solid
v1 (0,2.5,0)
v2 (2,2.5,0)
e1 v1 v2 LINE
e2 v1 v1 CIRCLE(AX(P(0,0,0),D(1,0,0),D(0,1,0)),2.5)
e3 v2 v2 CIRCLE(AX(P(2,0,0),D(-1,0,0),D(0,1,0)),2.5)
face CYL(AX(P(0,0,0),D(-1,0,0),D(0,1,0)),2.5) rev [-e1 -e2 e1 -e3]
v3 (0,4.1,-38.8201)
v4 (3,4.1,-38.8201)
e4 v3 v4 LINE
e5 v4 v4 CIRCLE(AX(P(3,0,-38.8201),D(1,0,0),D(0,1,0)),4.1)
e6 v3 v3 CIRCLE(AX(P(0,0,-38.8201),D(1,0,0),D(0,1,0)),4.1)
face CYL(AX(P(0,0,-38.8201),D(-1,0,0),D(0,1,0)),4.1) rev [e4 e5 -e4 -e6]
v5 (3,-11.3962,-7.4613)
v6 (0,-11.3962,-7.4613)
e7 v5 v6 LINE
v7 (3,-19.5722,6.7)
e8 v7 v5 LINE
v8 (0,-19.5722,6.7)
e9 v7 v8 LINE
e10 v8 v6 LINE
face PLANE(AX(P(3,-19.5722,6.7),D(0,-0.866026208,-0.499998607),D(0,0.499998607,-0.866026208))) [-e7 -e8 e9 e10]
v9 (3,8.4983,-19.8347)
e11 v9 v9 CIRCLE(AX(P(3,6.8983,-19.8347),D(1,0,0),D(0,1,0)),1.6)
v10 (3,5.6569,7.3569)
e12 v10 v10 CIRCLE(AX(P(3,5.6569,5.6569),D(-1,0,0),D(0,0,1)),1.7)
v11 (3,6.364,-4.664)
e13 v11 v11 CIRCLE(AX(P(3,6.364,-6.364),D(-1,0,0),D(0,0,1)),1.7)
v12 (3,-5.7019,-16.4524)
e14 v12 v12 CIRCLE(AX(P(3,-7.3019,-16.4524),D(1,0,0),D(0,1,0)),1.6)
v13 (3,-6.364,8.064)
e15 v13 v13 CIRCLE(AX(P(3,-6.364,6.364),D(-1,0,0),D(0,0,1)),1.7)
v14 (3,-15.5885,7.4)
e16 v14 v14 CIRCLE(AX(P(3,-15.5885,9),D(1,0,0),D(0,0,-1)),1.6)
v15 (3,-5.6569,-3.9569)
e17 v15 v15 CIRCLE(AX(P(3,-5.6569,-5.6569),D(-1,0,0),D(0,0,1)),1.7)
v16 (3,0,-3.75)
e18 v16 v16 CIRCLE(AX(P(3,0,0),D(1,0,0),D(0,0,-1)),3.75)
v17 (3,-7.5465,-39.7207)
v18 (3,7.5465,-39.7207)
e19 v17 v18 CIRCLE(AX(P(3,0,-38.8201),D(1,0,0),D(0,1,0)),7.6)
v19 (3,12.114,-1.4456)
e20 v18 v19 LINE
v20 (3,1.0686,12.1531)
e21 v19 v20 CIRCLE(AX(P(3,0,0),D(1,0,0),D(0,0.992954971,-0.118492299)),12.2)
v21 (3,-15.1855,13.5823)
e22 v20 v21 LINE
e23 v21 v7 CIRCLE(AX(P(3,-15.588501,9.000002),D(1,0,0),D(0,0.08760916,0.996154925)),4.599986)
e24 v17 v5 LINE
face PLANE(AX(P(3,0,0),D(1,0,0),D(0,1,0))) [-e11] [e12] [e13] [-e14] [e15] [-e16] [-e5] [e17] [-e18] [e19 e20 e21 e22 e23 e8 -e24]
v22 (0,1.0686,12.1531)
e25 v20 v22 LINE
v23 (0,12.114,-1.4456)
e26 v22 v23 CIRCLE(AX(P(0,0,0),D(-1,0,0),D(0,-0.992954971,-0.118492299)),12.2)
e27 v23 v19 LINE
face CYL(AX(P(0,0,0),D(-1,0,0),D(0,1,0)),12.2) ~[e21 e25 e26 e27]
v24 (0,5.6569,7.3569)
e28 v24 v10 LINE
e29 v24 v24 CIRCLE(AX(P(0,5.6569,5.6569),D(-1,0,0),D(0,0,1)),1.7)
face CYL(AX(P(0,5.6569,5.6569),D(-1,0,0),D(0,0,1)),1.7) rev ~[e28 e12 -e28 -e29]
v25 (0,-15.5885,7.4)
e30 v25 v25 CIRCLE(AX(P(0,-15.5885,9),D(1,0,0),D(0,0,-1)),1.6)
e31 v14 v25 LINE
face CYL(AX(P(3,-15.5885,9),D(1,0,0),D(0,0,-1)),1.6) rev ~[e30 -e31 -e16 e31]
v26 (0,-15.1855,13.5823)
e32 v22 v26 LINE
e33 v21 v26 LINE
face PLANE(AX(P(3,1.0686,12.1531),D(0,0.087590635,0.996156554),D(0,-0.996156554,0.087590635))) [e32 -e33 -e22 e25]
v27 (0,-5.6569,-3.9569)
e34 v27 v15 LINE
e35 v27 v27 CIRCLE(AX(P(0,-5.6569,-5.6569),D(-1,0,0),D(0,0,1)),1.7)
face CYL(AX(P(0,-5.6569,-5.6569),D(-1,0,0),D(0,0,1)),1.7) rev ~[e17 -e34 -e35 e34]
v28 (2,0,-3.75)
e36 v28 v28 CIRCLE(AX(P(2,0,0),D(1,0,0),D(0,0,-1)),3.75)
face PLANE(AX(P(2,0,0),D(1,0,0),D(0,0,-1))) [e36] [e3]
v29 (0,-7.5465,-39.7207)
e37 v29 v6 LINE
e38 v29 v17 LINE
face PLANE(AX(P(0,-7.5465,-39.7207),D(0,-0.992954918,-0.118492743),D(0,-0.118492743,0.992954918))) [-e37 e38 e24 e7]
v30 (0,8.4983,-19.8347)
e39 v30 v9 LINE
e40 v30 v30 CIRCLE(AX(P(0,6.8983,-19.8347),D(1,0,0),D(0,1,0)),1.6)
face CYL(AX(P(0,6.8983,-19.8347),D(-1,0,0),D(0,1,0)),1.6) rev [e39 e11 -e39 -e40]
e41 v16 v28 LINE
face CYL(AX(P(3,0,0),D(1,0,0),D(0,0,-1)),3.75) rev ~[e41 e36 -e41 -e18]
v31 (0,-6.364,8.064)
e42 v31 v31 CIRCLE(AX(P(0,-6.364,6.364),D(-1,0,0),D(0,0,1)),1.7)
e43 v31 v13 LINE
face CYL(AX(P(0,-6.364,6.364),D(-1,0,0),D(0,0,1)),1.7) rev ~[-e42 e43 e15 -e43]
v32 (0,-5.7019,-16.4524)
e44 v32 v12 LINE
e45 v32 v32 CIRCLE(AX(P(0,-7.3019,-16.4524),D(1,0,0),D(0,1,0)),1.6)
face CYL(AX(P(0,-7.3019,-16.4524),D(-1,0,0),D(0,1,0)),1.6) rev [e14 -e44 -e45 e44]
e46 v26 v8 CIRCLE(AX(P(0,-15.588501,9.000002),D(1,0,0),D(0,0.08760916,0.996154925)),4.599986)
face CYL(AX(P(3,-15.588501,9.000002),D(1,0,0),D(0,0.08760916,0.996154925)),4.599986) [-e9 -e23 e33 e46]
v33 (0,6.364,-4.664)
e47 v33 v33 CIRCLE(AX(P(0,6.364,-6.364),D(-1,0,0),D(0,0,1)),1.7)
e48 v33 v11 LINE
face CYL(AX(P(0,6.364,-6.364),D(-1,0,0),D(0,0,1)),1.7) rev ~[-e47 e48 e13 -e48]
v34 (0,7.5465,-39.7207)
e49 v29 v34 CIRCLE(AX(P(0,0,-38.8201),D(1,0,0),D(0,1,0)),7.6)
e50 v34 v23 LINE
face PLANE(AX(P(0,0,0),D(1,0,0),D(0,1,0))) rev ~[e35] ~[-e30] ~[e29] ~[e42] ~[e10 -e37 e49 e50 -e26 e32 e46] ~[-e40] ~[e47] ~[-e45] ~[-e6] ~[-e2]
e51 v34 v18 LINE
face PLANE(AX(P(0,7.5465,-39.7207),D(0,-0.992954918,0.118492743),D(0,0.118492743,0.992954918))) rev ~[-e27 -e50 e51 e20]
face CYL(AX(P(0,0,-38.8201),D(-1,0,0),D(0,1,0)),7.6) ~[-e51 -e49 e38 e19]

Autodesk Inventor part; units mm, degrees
ref_plane "YZ Plane" through (0, 0, 0) normal (1, 0, 0) x (0, 1, 0)
ref_plane "XZ Plane" through (0, 0, 0) normal (0, 1, 0) x (-1, 0, 0)
ref_plane "XY Plane" through (0, 0, 0) normal (0, 0, 1) x (1, 0, 0)
sketch "Эскиз1" plane through (0, 0, 0) normal (1, 0, 0) x (0, 1, 0)
  circle A0 centre (35.2311, -22.6062) radius 9.3
  circle A1 centre (0, -38.8201) radius 6.1 construction
  circle A2 centre (0, 0) radius 4.85 construction
  circle A3 centre (35.8147, -49.5529) radius 3.55
  line L0 (6.0968, -38.6237) -> (4.8475, 0.1562) construction
  line L1 (-4.8475, 0.1562) -> (-6.0968, -38.6237) construction
  line L2 (0, 0) -> (0, -38.8201) construction
  circle A4 centre (0, -38.8201) radius 4.1
  circle A5 centre (0, 0) radius 2.5
  circle A6 centre (0, -38.8201) radius 15 construction
  circle A7 centre (0, 0) radius 14 construction
  circle A8 centre (0, -38.8201) radius 7.6
  circle A9 centre (0, 0) radius 7 construction
  line L3 (7.5465, -39.7207) -> (12.114, -1.4456)
  line L4 (-7.5465, -39.7207) -> (-12.114, -1.4456)
  circle A10 centre (0, 0) radius 8.8 construction
  circle A11 centre (0, 0) radius 12.2
  circle A12 centre (6.8983, -19.8347) radius 1.6
  circle A13 centre (-7.3019, -16.4524) radius 1.6
  point P0 (-7, 0)
  point P1 (-7.5465, -39.7207)
  point P2 (-12.114, -1.4456)
  dimension "d0" = 18.6
  dimension "d1" = 12.2
  dimension "d2" = 9.7
  dimension "d3" = 7.1
  dimension "d8" = 38.8201
  dimension "d13" = 38.8
  dimension "d14" = 38.8
  dimension "d23" = 8.2
  dimension "d24" = 5
  dimension "d25" = 30
  dimension "d26" = 28
  dimension "d28" = 14
  dimension "d31" = 17.6
  dimension "d32" = 3.4
  dimension "d56" = 3.5
  dimension "d58" = 3.2
  dimension "d59" = 3
  dimension "d60" = 21
  dimension "d61" = 3.2
  dimension "d62" = 3
  dimension "d63" = 18
extrude "Выдавливание4" add sketch "Эскиз1" along normal blind 3 contours A8 | A8 L4 A11 L3 | A11
sketch "Эскиз4" plane through (0, 0, 0) normal (-1, 0, 0) x (0, 0, 1)
  circle A0 centre (-38.8201, 0) radius 4.1 construction
  arc A1 (-1.4456, -12.114) -> (-1.4456, 12.114) centre (0, 0) ccw construction
  line L0 (-39.7207, 7.5465) -> (-1.4456, 12.114) construction
  arc A2 (-39.7207, 7.5465) -> (-39.7207, -7.5465) centre (-38.8201, 0) ccw construction
  line L1 (-1.4456, -12.114) -> (-39.7207, -7.5465) construction
  line L2 (0, 0) -> (0, 12.2) construction
  arc A3 (-1.4456, -12.114) -> (-1.4456, 12.114) centre (0, 0) ccw construction
  line L3 (0, 0) -> (12.2, 0) construction
  circle A4 centre (5.6569, 5.6569) radius 1.7
  line L4 (5.6569, 5.6569) -> (0, 0) construction
  circle A5 centre (-6.364, 6.364) radius 1.7
  line L5 (0, 0) -> (-6.364, 6.364) construction
  circle A6 centre (-5.6569, -5.6569) radius 1.7
  circle A7 centre (6.364, -6.364) radius 1.7
  dimension "d65" = 45
  dimension "d66" = 3.4
  dimension "d67" = 3.4
  dimension "d68" = 45
  dimension "d69" = 16
  dimension "d70" = 18
extrude "Выдавливание5" cut sketch "Эскиз4" against normal blind 3
sketch "Эскиз5" plane through (3, 0, 0) normal (1, 0, 0) x (0, 0, -1)
  circle A0 centre (0, 0) radius 3.75
  dimension "d38" = 7.5
extrude "Выдавливание6" cut sketch "Эскиз5" against normal blind 1
sketch "Эскиз6" plane through (3, 0, 0) normal (1, 0, 0) x (0, 0, -1)
  circle A0 centre (0, -18) radius 2
  circle A1 centre (0, 0) radius 3.75 construction
  circle A2 centre (-5.6569, 5.6569) radius 1.7 construction
  circle A3 centre (38.8201, 0) radius 4.1 construction
  line L0 (39.7207, 7.5465) -> (1.4456, 12.114) construction
  arc A4 (1.4456, 12.114) -> (1.4456, -12.114) centre (0, 0) ccw construction
  line L1 (1.4456, -12.114) -> (39.7207, -7.5465) construction
  arc A5 (39.7207, -7.5465) -> (39.7207, 7.5465) centre (38.8201, 0) ccw construction
  line L2 (0, 0) -> (0, -26.6004) construction
  circle A6 centre (0, 0) radius 14 construction
  line L3 (-10.8605, -5.5578) -> (-3.5608, -19.8222)
  arc A7 (0, -14) -> (-3.5608, -19.8222) centre (0, -18) ccw construction
  line L4 (2.8284, -20.8284) -> (12.911, -10.7458)
  line L5 (1.4456, -12.114) -> (39.7207, -7.5465) construction
  arc A8 (2.8284, -20.8284) -> (0, -14) centre (0, -18) ccw construction
  arc A9 (-3.5608, -19.8222) -> (2.8284, -20.8284) centre (0, -18) ccw
  line L6 (-10.8605, -5.5578) -> (-10.1465, -5.5578)
  line L7 (-10.1465, -5.5578) -> (-6.8136, -9.4237)
  line L8 (-6.8136, -9.4237) -> (5.1237, -10.512)
  line L9 (5.1237, -10.512) -> (12.911, -10.7458)
  dimension "d42" = 28
  dimension "d41" = 4
  dimension "d43" = 18
  dimension "d44" = 8
  dimension "d45" = 45
extrude "Выдавливание7" [suppressed]
sketch "Эскиз7" plane through (3, 0, 0) normal (1, 0, 0) x (0, 0, -1)
  line L0 (0, 0) -> (0, -29.4139) construction
  circle A0 centre (-9, -15.5885) radius 1.6
  line L1 (-9, -15.5885) -> (0, 0) construction
  circle A1 centre (0, 0) radius 14 construction
  circle A2 centre (0, 0) radius 18 construction
  arc A3 (-6.7, -19.5722) -> (-13.5823, -15.1855) centre (-9, -15.5885) ccw construction
  circle A4 centre (0, 0) radius 3.75 construction
  circle A5 centre (-5.6569, 5.6569) radius 1.7 construction
  circle A6 centre (38.8201, 0) radius 4.1 construction
  line L2 (39.7207, 7.5465) -> (1.4456, 12.114) construction
  arc A7 (1.4456, 12.114) -> (1.4456, -12.114) centre (0, 0) ccw projected
  line L3 (1.4456, -12.114) -> (39.7207, -7.5465) projected
  arc A8 (39.7207, -7.5465) -> (39.7207, 7.5465) centre (38.8201, 0) ccw construction
  line L4 (-12.1531, 1.0686) -> (-13.5823, -15.1855)
  line L5 (-6.7, -19.5722) -> (7.4613, -11.3962)
  line L6 (1.4456, -12.114) -> (39.7207, -7.5465) construction
  arc A9 (-13.5823, -15.1855) -> (-6.7, -19.5722) centre (-9, -15.5885) ccw
  circle A10 centre (-9, -15.5885) radius 4.1
  point P0 (7.4613, -11.3962)
  dimension "d48" = 3.2
  dimension "d49" = 330
  dimension "d50" = 28
  dimension "d51" = 4
  dimension "d53" = 30
  dimension "d57" = 3
  dimension "d71" = 8.2
extrude "Выдавливание8" add sketch "Эскиз7" against normal up to surface (3 mm away) contours A7 L3 L5 A9 L4 | A10
properties part number "right_wall_v1"
